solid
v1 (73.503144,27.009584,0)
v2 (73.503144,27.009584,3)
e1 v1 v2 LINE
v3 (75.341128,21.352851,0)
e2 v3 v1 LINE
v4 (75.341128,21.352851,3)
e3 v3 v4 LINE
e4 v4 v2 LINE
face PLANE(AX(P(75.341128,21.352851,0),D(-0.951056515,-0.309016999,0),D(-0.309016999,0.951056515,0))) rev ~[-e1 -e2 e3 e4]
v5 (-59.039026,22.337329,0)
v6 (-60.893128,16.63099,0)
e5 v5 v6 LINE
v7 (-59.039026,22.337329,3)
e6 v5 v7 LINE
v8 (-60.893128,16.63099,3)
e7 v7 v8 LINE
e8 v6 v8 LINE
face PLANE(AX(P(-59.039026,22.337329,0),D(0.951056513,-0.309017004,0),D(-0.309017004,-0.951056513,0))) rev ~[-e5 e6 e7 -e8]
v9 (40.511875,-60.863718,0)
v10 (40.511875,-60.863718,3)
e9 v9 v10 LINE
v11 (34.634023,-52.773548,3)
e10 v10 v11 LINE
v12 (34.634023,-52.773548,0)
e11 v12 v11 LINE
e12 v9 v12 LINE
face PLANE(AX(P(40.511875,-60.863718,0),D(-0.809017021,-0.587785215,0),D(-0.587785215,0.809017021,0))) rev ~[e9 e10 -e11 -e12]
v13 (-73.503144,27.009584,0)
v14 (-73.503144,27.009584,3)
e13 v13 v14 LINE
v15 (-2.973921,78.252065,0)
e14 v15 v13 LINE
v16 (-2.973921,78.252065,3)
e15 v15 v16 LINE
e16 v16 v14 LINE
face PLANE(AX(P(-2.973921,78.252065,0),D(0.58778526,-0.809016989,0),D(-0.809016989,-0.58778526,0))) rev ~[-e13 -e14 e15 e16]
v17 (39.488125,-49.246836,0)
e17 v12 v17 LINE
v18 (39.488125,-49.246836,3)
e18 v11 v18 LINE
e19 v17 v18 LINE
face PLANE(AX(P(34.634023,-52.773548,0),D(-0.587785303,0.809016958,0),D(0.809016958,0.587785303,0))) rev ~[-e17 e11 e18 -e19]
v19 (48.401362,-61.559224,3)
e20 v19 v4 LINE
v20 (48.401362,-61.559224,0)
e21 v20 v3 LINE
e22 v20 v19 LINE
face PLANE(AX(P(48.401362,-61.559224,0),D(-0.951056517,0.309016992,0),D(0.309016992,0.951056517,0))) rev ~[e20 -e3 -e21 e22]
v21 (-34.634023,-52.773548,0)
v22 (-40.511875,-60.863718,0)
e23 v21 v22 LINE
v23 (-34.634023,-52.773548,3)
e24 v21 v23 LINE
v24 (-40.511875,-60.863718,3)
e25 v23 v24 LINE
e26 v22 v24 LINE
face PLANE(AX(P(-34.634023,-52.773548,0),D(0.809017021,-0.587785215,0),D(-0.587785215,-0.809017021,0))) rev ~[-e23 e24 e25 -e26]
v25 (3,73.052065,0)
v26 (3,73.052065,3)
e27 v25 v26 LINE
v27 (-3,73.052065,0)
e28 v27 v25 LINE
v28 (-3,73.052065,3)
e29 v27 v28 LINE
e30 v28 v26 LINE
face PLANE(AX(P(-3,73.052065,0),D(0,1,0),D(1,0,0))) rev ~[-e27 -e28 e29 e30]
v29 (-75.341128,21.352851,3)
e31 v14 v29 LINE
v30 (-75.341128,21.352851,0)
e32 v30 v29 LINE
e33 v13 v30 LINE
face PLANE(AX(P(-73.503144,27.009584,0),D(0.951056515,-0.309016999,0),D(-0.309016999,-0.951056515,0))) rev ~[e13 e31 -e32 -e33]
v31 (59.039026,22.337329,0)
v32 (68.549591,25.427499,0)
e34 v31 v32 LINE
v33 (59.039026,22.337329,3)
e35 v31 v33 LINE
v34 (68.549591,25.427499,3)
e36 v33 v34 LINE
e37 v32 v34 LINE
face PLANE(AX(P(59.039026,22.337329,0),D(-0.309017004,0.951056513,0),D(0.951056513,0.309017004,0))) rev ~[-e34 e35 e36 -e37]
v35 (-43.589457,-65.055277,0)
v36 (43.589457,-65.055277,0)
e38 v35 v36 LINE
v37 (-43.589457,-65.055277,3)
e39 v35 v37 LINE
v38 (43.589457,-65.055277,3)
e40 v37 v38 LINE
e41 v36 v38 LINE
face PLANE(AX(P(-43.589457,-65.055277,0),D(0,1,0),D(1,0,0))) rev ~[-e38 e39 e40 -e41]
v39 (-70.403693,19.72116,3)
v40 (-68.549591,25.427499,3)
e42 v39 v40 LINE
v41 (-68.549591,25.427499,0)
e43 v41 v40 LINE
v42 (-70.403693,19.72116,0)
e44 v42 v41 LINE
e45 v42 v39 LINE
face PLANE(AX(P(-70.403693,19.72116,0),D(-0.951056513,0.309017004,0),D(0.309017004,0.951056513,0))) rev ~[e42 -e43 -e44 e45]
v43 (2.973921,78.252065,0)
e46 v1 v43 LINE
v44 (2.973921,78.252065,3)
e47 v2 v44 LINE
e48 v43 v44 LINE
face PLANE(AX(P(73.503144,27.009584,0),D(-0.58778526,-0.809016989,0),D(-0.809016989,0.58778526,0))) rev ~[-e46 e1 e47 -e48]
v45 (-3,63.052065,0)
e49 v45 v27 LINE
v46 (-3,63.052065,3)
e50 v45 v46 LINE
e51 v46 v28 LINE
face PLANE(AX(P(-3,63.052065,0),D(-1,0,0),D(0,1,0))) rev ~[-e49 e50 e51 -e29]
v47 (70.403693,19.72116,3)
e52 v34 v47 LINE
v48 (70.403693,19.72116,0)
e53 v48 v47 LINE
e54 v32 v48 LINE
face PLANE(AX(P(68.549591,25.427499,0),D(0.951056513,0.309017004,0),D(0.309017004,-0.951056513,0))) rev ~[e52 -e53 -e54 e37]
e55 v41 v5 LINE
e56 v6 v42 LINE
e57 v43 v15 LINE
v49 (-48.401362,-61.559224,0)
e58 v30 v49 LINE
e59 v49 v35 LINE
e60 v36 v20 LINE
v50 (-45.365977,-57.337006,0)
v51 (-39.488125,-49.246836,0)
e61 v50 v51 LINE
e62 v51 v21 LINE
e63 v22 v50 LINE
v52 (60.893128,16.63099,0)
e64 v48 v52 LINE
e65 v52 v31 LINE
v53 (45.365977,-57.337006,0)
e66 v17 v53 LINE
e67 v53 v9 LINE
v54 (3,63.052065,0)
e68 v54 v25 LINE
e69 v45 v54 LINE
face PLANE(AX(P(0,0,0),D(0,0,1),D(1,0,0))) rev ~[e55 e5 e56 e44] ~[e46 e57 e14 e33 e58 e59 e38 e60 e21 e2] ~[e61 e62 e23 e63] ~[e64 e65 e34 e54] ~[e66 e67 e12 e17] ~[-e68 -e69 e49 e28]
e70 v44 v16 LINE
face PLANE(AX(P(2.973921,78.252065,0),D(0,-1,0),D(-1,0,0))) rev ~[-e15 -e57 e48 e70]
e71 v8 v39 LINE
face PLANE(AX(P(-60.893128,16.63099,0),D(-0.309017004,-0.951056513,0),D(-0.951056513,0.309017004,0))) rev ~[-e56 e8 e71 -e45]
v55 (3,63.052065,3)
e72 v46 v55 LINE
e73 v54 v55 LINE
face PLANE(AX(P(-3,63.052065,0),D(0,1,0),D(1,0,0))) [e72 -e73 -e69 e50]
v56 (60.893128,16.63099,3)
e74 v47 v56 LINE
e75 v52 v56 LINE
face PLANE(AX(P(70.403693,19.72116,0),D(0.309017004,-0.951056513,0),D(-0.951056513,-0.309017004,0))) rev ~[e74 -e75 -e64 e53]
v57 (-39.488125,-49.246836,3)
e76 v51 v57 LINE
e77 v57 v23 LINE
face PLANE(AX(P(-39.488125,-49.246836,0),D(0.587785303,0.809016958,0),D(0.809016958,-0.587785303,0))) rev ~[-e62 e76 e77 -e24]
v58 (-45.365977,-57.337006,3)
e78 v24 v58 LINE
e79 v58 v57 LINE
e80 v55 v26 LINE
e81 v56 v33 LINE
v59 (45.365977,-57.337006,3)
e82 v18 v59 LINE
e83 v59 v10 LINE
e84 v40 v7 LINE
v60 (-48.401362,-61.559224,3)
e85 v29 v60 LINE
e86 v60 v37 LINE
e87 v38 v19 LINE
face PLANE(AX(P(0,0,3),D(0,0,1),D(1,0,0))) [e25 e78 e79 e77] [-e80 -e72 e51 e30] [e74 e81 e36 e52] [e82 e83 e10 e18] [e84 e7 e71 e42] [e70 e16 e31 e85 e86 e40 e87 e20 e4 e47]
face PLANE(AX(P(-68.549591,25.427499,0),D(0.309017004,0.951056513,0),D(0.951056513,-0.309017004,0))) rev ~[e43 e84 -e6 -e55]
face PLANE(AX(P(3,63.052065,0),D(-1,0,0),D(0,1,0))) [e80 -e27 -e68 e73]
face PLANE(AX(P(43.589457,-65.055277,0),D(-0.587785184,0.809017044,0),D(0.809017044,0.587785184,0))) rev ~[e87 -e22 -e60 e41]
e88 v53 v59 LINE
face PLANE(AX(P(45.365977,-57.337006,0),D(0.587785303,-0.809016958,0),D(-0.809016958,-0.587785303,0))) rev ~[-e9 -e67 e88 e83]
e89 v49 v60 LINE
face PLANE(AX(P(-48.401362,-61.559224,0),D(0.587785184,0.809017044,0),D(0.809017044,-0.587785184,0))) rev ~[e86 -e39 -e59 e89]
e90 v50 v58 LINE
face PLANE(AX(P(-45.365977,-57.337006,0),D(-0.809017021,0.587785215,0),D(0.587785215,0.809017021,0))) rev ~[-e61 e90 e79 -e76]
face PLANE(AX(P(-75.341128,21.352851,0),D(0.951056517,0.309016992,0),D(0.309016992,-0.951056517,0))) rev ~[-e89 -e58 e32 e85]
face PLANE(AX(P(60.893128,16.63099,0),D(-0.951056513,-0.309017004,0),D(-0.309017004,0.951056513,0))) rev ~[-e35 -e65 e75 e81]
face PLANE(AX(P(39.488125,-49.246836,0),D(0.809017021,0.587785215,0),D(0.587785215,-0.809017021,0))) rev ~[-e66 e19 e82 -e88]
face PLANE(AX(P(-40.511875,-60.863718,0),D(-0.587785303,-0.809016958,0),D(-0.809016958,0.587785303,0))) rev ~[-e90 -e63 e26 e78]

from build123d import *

# Parameters (mm, degrees)
F0_W     = 6
F0_H     = 10
F1_DEPTH = 3


with BuildPart() as f1:
    # F0 (on Top) → F1 (new body)
    with BuildSketch(Plane.XY):
        Polygon((48.401362, -61.559224), (75.341128, 21.352851), (73.503144, 27.009584), (2.973921, 78.252065), (-2.973921, 78.252065), (-73.503144, 27.009584), (-75.341128, 21.352851), (-48.401362, -61.559224), (-43.589457, -65.055277), (43.589457, -65.055277), align=None)
        Polygon((-45.365977, -57.337006), (-39.488125, -49.246836), (-34.634023, -52.773548), (-40.511875, -60.863718), align=None, mode=Mode.SUBTRACT)
        Polygon((40.511875, -60.863718), (34.634023, -52.773548), (39.488125, -49.246836), (45.365977, -57.337006), align=None, mode=Mode.SUBTRACT)
        Polygon((-68.549591, 25.427499), (-59.039026, 22.337329), (-60.893128, 16.63099), (-70.403693, 19.72116), align=None, mode=Mode.SUBTRACT)
        Polygon((70.403693, 19.72116), (60.893128, 16.63099), (59.039026, 22.337329), (68.549591, 25.427499), align=None, mode=Mode.SUBTRACT)
        with Locations((0, 68.052065)):
            Rectangle(F0_W, F0_H, mode=Mode.SUBTRACT)
    extrude(amount=F1_DEPTH)


solid = f1.part
